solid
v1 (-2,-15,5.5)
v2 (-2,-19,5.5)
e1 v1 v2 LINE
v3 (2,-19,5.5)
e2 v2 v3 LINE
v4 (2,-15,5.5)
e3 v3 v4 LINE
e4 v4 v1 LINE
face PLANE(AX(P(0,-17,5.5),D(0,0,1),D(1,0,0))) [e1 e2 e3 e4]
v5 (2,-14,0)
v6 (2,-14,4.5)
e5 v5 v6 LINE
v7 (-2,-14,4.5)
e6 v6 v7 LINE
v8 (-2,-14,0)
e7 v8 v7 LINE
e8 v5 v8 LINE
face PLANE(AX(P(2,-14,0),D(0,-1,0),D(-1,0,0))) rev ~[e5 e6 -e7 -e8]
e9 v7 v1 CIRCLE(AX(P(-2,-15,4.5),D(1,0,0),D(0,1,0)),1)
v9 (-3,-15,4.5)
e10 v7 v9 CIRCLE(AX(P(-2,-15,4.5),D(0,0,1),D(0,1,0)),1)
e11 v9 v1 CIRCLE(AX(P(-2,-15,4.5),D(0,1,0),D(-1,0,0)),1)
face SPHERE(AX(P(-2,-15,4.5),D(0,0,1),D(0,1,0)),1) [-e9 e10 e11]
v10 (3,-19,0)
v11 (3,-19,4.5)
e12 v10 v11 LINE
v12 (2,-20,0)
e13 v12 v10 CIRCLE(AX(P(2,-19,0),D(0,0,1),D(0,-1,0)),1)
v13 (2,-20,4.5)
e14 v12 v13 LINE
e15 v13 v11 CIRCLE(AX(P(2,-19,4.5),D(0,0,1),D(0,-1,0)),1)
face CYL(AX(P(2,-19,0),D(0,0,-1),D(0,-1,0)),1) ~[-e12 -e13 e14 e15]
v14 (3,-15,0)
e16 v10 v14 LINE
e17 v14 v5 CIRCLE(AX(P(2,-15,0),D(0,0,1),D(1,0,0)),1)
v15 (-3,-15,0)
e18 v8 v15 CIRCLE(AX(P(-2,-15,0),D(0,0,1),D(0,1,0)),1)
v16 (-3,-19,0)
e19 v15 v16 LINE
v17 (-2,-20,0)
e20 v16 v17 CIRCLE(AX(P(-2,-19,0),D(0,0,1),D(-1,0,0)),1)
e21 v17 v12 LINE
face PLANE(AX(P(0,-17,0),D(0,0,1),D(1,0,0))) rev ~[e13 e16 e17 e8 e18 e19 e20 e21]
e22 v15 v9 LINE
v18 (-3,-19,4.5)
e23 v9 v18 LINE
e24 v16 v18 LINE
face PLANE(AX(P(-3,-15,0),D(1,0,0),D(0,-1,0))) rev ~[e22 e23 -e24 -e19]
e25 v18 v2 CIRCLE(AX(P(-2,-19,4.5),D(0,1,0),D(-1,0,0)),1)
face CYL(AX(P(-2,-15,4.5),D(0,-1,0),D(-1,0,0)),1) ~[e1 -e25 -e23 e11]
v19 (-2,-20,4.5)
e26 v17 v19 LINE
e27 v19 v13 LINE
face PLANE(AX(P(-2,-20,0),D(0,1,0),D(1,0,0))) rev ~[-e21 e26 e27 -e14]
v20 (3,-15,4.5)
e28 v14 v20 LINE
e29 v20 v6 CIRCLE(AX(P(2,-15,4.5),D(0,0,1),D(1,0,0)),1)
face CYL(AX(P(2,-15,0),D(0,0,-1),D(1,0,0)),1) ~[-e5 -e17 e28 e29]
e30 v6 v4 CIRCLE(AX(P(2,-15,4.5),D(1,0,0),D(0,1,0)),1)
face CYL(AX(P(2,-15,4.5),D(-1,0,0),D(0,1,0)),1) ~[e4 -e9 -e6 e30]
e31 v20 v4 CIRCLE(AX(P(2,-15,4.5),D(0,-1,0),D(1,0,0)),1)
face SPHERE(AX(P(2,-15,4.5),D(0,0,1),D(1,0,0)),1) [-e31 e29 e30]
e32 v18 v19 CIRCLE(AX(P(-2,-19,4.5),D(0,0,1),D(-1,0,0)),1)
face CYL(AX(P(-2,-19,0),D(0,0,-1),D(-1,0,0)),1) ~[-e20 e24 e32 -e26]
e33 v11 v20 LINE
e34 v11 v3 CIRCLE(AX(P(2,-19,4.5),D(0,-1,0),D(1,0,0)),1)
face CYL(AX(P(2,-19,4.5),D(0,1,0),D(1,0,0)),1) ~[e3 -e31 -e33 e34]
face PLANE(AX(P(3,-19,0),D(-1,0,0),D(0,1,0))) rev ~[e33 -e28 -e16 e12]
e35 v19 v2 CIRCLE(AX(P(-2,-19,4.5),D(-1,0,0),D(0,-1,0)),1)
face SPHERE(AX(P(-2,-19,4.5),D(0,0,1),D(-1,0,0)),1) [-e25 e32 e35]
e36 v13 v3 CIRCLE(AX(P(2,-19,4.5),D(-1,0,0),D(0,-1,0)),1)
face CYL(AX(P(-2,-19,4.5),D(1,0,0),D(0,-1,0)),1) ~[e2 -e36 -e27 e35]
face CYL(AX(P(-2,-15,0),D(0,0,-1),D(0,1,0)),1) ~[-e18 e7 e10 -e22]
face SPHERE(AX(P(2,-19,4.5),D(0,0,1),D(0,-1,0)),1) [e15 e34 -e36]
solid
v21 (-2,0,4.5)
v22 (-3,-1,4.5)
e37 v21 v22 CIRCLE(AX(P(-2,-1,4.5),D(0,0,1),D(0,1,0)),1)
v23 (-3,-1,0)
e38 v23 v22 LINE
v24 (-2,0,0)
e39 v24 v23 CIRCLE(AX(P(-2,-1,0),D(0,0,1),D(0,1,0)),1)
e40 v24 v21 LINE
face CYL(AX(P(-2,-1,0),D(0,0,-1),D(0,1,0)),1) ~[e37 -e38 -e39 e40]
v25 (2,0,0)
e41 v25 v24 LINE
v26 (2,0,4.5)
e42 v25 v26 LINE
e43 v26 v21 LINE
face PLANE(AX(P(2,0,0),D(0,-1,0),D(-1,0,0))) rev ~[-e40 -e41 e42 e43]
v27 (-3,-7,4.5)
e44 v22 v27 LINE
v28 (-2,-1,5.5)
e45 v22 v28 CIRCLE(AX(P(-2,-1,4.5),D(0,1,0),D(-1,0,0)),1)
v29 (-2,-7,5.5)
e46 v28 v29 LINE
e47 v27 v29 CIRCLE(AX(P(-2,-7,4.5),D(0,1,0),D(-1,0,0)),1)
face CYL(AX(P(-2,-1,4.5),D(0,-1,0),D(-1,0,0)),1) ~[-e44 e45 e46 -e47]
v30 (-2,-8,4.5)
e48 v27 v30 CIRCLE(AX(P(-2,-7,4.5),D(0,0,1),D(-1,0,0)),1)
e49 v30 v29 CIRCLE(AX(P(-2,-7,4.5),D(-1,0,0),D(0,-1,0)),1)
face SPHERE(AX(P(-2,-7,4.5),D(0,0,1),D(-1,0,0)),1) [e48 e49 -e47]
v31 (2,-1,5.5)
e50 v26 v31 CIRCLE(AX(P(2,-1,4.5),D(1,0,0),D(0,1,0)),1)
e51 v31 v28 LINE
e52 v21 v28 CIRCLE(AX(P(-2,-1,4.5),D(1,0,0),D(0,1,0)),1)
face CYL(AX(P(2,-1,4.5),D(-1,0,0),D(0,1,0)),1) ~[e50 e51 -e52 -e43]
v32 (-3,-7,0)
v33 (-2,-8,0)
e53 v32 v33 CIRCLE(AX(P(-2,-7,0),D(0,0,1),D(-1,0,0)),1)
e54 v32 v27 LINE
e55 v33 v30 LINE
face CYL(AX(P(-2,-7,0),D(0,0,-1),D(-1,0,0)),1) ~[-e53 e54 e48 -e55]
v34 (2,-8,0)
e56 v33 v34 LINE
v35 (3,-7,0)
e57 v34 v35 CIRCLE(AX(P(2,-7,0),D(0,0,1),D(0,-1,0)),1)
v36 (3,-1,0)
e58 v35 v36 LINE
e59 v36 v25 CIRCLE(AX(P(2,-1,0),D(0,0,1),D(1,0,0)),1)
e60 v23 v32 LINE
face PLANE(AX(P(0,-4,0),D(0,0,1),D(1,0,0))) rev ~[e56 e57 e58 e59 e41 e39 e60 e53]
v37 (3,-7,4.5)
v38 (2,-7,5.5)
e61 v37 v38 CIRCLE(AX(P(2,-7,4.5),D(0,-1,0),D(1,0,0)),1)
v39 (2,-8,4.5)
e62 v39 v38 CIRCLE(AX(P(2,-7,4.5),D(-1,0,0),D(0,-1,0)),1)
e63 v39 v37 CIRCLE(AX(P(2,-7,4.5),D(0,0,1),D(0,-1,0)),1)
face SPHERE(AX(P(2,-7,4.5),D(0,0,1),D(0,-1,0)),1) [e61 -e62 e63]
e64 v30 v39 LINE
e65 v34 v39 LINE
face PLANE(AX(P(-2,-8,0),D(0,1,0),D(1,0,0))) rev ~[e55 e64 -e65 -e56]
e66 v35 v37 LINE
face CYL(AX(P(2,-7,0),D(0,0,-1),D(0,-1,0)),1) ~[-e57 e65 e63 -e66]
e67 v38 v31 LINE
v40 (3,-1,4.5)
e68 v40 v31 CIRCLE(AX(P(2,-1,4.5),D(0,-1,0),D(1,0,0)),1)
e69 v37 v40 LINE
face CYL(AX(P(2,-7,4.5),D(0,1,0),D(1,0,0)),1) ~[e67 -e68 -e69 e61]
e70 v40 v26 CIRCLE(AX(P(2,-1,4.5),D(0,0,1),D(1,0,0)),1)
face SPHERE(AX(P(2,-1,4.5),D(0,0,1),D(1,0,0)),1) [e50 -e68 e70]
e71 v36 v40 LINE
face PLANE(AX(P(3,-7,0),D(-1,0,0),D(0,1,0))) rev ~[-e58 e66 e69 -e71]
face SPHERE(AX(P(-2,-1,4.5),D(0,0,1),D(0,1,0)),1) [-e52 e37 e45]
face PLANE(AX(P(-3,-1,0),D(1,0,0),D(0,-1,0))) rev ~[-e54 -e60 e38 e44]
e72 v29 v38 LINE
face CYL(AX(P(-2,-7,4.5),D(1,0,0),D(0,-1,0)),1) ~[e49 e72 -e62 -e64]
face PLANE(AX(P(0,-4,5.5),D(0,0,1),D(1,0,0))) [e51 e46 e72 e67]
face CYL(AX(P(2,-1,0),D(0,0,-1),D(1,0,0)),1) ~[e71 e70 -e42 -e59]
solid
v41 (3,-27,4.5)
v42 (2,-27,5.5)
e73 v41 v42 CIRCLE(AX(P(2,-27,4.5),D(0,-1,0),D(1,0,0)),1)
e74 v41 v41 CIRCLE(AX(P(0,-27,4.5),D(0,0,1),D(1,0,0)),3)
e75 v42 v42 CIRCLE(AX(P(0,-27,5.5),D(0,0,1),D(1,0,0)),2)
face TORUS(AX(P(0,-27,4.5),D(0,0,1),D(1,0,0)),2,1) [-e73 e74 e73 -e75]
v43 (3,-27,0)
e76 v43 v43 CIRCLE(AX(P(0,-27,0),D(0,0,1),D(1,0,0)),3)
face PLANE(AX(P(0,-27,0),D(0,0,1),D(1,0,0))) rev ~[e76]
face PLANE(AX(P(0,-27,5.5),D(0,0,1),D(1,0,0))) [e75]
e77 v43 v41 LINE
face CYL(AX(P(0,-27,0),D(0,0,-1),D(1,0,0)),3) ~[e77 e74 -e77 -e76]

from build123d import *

# Parameters (mm, degrees)
F1_DEPTH = 5.5
F2_DEPTH = 5.5
F0_R     = 3
F3_R     = 1
F4_R     = 1
F5_R     = 1


with BuildPart() as f1:
    # F0 (on Top) → F1 (new body)
    with BuildSketch(Plane.XY):
        with BuildLine():
            Line((2, 0), (-2, 0))
            ThreePointArc((-2, 0), (-2.7071067812, -0.2928932188), (-3, -1))
            Line((-3, -1), (-3, -7))
            ThreePointArc((-3, -7), (-2.7071067812, -7.7071067812), (-2, -8))
            Line((-2, -8), (2, -8))
            ThreePointArc((2, -8), (2.7071067812, -7.7071067812), (3, -7))
            Line((3, -7), (3, -1))
            ThreePointArc((3, -1), (2.7071067812, -0.2928932188), (2, 0))
        make_face()
    extrude(amount=F1_DEPTH)

    # F5
    f5_edges = [f1.edges().sort_by_distance(p)[0] for p in [
        (0, 0, 5.5),
        (-2.707107, -0.292893, 5.5),
        (-3, -4, 5.5),
        (-2.707107, -7.707107, 5.5),
        (0, -8, 5.5),
        (2.707107, -7.707107, 5.5),
        (3, -4, 5.5),
        (2.707107, -0.292893, 5.5),
    ]]
    fillet(f5_edges, radius=F5_R)


with BuildPart() as f2:
    # F0 (on Top) → F2 (new body)
    with BuildSketch(Plane.XY):
        with BuildLine():
            Line((2, -14), (-2, -14))
            ThreePointArc((-2, -14), (-2.7071067812, -14.2928932188), (-3, -15))
            Line((-3, -15), (-3, -19))
            ThreePointArc((-3, -19), (-2.7071067812, -19.7071067812), (-2, -20))
            Line((-2, -20), (2, -20))
            ThreePointArc((2, -20), (2.7071067812, -19.7071067812), (3, -19))
            Line((3, -19), (3, -15))
            ThreePointArc((3, -15), (2.7071067812, -14.2928932188), (2, -14))
        make_face()
    extrude(amount=F2_DEPTH)

    # F4
    f4_edges = [f2.edges().sort_by_distance(p)[0] for p in [
        (3, -17, 5.5),
        (2.707107, -14.292893, 5.5),
        (0, -14, 5.5),
        (-2.707107, -14.292893, 5.5),
        (-3, -17, 5.5),
        (-2.707107, -19.707107, 5.5),
        (0, -20, 5.5),
        (2.707107, -19.707107, 5.5),
    ]]
    fillet(f4_edges, radius=F4_R)


with BuildPart() as f2b:
    # F0 (on Top) → F2, piece 2 (new body)
    with BuildSketch(Plane.XY):
        with Locations((0, -27)):
            Circle(F0_R)
    extrude(amount=F2_DEPTH)

    # F3
    f3_edges = [f2b.edges().sort_by_distance(p)[0] for p in [
        (-3, -27, 5.5),
    ]]
    fillet(f3_edges, radius=F3_R)


solid = Compound([f1.part, f2.part, f2b.part])
